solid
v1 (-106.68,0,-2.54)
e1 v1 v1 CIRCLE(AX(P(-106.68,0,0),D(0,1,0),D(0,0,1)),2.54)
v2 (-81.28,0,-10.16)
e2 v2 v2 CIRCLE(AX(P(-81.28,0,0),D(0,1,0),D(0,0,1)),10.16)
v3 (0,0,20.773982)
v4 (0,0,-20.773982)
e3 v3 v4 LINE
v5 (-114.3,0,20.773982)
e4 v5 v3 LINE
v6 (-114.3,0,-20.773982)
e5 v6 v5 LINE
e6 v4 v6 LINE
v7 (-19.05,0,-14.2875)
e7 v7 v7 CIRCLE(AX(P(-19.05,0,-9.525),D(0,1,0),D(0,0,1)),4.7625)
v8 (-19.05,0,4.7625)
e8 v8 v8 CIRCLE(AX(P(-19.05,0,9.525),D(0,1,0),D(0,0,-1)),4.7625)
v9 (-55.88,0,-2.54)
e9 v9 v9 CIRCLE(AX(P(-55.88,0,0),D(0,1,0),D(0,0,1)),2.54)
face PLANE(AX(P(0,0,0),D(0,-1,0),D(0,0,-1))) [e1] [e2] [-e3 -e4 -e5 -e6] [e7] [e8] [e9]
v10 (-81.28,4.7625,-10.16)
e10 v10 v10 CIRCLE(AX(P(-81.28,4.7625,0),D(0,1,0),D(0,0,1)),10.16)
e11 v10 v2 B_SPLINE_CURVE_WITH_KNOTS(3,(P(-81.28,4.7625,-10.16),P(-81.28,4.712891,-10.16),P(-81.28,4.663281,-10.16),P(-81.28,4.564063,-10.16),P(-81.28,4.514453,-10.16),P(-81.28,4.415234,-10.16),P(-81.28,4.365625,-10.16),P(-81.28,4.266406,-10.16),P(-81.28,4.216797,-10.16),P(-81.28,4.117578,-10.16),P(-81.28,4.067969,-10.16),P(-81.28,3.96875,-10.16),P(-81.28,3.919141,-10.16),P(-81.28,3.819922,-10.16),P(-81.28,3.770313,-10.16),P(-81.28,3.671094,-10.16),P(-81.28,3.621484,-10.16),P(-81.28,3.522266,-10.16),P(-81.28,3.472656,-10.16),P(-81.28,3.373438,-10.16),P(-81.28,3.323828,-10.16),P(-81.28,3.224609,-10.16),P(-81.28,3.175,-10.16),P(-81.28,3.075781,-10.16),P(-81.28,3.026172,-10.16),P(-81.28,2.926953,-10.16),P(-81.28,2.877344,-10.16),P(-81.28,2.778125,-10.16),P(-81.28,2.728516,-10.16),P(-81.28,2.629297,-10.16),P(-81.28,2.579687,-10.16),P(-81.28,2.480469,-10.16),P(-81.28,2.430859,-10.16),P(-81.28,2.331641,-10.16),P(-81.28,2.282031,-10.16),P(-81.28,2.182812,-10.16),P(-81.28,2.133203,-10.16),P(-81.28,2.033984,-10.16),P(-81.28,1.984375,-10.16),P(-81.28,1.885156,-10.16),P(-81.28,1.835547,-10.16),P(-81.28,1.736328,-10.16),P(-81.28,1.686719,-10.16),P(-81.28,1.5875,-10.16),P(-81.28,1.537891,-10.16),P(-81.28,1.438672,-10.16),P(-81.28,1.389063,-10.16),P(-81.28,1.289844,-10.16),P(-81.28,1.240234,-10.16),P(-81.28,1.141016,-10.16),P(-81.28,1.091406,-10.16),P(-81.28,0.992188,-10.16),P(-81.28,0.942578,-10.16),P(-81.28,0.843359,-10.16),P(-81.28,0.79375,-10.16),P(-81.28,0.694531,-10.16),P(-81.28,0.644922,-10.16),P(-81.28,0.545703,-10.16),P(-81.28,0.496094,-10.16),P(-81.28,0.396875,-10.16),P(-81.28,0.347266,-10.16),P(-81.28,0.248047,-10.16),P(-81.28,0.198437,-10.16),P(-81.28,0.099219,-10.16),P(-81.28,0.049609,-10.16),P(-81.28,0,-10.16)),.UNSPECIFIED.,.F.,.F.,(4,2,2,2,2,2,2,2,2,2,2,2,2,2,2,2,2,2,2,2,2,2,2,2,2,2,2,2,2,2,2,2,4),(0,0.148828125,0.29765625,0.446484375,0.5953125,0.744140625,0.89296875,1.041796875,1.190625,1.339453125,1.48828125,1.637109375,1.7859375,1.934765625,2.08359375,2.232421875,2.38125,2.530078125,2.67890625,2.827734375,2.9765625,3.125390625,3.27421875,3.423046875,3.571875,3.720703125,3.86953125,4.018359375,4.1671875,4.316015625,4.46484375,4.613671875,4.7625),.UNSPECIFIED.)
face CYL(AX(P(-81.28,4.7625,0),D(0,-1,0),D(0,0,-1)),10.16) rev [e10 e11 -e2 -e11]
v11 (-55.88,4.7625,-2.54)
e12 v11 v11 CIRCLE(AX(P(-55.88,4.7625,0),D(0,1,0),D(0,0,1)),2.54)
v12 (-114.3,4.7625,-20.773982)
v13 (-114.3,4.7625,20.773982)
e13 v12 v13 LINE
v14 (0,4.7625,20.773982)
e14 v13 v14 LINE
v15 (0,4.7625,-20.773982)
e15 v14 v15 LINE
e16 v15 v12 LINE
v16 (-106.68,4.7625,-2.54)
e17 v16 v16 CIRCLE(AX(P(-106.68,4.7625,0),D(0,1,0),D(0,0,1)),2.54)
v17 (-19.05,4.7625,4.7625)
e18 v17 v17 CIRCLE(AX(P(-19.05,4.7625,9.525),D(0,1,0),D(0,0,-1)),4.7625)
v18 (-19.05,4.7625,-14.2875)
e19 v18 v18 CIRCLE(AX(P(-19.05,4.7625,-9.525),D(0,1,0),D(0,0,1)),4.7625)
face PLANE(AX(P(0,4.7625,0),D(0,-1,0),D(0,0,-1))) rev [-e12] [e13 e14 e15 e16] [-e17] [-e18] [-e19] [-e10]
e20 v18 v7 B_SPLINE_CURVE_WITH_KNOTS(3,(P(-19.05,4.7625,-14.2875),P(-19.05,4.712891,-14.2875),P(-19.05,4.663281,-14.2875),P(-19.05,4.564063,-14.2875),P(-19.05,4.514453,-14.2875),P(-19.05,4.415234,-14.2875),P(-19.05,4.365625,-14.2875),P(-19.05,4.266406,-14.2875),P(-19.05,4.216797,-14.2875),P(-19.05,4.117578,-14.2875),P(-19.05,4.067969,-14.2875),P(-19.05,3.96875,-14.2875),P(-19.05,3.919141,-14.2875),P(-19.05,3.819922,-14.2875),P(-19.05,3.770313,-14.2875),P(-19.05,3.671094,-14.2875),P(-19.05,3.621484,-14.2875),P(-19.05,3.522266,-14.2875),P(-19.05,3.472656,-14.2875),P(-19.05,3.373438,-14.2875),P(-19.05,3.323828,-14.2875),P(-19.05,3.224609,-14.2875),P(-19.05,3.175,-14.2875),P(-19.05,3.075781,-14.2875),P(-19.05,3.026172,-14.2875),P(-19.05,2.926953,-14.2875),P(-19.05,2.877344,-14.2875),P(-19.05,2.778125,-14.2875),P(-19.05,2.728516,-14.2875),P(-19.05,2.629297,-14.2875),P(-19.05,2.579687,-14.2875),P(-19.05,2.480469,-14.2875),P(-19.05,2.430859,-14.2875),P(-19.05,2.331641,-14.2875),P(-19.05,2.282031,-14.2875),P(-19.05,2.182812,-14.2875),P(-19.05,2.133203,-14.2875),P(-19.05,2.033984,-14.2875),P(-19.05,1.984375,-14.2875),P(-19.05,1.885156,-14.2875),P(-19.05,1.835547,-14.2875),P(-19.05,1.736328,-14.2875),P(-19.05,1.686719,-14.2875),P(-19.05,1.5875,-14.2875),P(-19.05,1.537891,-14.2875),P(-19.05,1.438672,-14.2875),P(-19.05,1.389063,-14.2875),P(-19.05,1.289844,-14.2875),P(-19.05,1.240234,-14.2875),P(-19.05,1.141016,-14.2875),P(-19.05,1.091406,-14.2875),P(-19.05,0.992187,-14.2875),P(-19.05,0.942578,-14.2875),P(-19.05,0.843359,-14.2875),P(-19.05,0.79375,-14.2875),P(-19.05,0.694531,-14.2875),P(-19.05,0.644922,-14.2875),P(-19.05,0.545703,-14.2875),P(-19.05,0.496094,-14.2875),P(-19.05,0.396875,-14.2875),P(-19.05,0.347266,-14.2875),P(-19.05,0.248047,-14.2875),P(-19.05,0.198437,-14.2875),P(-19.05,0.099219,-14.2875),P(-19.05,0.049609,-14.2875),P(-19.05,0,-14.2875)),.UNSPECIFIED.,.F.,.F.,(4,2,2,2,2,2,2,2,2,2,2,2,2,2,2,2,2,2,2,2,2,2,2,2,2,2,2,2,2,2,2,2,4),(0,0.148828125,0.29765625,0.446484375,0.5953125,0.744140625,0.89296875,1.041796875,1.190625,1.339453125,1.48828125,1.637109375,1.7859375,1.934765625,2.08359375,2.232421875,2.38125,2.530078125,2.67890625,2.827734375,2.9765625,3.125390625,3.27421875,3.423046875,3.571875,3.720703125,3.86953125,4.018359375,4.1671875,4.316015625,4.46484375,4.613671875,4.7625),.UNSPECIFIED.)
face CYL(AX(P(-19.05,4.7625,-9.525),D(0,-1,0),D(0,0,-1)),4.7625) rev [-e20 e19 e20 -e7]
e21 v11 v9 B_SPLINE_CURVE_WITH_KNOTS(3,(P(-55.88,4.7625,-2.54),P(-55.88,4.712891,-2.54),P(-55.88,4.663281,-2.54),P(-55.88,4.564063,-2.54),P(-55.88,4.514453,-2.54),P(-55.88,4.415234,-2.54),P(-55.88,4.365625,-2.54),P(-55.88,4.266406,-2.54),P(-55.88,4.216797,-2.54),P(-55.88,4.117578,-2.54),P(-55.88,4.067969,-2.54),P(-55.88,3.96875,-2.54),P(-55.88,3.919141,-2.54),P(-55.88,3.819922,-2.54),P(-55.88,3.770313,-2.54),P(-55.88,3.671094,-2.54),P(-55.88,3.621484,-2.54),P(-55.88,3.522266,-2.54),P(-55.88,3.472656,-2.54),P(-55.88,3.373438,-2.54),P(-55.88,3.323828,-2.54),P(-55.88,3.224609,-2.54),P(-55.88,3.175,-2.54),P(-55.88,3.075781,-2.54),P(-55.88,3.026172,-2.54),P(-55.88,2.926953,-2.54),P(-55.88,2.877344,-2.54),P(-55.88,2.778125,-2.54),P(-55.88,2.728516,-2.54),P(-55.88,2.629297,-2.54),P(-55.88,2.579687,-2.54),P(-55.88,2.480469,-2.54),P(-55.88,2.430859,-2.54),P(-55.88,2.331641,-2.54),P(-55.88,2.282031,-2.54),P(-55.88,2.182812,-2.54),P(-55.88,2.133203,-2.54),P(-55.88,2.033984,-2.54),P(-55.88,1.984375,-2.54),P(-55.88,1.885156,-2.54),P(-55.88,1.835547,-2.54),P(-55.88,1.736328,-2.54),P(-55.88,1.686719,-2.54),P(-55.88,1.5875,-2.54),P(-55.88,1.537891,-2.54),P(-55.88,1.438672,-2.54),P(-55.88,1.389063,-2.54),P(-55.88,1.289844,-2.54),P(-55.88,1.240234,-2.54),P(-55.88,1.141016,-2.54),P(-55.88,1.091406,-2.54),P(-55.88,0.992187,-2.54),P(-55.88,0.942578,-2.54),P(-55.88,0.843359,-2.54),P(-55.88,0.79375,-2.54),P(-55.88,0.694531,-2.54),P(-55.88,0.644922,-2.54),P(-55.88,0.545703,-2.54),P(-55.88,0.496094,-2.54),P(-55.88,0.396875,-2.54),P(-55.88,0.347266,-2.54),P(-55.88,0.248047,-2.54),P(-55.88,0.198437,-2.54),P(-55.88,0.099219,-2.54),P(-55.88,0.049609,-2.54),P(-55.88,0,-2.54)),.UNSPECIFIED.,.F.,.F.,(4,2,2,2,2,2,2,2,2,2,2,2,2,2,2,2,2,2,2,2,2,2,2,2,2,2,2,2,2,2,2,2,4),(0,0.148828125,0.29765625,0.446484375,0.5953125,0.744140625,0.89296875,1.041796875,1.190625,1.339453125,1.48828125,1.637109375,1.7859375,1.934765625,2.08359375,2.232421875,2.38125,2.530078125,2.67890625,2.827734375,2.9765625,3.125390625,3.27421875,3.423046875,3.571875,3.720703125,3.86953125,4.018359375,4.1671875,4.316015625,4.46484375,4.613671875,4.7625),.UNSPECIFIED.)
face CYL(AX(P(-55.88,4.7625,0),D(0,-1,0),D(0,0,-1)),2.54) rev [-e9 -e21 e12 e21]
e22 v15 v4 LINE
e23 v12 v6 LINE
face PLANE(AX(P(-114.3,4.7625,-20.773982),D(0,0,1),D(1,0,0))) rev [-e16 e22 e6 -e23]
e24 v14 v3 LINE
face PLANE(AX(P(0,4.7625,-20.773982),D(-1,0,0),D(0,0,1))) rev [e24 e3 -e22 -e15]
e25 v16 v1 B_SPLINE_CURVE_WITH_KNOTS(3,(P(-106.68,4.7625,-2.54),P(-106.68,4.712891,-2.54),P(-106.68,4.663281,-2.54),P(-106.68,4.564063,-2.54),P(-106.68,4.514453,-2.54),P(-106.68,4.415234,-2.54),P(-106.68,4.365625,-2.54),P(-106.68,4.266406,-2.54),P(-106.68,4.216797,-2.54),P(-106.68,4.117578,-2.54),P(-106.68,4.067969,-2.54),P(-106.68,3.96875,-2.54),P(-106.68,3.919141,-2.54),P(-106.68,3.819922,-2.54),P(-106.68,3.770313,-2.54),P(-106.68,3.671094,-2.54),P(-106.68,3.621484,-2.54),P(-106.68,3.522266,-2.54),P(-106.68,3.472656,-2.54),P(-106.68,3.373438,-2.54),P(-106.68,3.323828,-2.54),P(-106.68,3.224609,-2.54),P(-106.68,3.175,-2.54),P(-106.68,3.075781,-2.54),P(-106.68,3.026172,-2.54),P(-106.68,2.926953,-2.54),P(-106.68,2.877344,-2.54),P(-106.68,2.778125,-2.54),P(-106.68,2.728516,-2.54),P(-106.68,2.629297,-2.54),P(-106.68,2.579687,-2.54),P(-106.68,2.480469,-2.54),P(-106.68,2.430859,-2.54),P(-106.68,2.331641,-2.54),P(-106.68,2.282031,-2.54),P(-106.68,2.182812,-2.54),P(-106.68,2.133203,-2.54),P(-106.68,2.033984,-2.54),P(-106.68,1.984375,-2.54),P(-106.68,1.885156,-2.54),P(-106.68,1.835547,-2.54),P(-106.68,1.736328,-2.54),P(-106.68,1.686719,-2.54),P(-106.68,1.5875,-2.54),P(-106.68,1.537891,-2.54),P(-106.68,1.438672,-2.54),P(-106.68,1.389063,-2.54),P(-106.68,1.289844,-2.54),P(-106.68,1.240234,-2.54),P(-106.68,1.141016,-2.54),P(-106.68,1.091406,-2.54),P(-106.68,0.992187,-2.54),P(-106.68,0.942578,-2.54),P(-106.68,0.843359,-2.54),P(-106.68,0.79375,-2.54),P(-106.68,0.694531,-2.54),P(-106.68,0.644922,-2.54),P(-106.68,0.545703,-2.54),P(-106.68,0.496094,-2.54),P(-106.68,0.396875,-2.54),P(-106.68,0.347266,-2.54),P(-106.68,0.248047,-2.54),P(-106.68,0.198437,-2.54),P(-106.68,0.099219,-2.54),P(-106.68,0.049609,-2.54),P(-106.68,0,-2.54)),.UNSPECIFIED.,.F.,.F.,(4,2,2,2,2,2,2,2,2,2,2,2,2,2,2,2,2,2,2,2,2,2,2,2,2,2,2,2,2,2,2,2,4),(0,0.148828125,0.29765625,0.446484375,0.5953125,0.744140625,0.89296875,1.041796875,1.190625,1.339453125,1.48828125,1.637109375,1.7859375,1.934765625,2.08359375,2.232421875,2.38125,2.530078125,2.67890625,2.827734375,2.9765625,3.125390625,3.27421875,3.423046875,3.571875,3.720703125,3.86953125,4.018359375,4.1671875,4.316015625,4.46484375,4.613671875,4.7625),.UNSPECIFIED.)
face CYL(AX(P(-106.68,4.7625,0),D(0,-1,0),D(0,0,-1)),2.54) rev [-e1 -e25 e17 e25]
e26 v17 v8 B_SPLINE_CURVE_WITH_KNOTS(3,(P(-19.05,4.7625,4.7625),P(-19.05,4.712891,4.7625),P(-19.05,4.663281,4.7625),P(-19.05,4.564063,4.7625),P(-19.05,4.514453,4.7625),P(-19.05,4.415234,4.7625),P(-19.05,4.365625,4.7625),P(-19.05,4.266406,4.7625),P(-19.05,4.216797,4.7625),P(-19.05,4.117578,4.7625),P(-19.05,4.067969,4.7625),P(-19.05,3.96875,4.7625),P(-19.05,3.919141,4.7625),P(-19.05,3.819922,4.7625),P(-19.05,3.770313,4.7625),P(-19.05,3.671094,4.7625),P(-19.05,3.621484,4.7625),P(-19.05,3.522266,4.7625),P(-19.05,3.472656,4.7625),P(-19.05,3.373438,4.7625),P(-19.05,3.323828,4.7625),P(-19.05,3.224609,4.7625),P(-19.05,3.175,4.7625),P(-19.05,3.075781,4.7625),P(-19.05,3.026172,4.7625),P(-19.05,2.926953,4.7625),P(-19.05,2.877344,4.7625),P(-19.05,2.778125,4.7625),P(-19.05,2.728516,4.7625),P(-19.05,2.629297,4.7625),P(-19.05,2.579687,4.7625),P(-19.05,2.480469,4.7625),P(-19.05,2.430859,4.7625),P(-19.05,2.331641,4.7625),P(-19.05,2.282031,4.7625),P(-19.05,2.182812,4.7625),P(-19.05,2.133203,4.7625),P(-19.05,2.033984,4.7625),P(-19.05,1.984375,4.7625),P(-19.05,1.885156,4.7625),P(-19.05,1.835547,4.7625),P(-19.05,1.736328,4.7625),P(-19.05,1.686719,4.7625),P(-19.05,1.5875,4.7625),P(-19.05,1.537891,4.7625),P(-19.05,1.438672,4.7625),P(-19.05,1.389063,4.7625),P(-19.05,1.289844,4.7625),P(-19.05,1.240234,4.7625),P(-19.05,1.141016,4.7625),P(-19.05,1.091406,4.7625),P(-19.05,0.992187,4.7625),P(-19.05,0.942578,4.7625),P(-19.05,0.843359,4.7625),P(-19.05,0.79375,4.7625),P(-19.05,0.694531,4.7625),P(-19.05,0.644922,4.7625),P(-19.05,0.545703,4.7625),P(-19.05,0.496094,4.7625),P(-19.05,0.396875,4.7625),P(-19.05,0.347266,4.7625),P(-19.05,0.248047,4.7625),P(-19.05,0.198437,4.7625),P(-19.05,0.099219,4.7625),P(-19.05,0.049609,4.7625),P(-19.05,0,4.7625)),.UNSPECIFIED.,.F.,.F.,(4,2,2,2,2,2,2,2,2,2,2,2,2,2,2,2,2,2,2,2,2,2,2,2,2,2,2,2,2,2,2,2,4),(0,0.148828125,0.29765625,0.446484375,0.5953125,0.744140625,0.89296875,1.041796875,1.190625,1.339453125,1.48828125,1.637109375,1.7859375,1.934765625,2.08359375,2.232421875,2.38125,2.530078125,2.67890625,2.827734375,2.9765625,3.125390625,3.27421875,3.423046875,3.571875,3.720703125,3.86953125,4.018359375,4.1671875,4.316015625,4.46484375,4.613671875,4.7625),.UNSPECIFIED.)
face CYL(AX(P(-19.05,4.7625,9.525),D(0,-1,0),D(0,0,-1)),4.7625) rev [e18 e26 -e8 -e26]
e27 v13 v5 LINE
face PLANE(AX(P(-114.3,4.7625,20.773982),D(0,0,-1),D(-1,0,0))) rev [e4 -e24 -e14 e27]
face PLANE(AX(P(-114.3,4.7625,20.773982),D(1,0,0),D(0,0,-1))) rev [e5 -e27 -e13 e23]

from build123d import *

# Parameters (mm, degrees)
SKETCH3_W           = 114.3
SKETCH3_H           = 41.547963652
SKETCH3_R           = 2.54
SKETCH3_R_2         = 10.16
SKETCH3_R_3         = 4.7625
BOSS_EXTRUDE1_DEPTH = 4.7625


with BuildPart() as part:
    # Sketch3 → Boss-Extrude1 (new body)
    with BuildSketch(Plane(origin=(0, 0, 0), x_dir=(1, 0, 0), z_dir=(0, 1, 0))):
        with Locations((-57.15, 0)):
            Rectangle(SKETCH3_W, SKETCH3_H)
        with Locations(Location((-106.68, 0, 0), (0, 0, 90))):
            Circle(SKETCH3_R, mode=Mode.SUBTRACT)
        with Locations(Location((-81.28, 0, 0), (0, 0, 90))):
            Circle(SKETCH3_R_2, mode=Mode.SUBTRACT)
        with Locations(Location((-55.88, 0, 0), (0, 0, 90))):
            Circle(SKETCH3_R, mode=Mode.SUBTRACT)
        with Locations(Location((-19.05, 9.525, 0), (0, 0, 90))):
            Circle(SKETCH3_R_3, mode=Mode.SUBTRACT)
        with Locations(Location((-19.05, -9.525, 0), (0, 0, 90))):
            Circle(SKETCH3_R_3, mode=Mode.SUBTRACT)
    extrude(amount=BOSS_EXTRUDE1_DEPTH)


solid = part.part
